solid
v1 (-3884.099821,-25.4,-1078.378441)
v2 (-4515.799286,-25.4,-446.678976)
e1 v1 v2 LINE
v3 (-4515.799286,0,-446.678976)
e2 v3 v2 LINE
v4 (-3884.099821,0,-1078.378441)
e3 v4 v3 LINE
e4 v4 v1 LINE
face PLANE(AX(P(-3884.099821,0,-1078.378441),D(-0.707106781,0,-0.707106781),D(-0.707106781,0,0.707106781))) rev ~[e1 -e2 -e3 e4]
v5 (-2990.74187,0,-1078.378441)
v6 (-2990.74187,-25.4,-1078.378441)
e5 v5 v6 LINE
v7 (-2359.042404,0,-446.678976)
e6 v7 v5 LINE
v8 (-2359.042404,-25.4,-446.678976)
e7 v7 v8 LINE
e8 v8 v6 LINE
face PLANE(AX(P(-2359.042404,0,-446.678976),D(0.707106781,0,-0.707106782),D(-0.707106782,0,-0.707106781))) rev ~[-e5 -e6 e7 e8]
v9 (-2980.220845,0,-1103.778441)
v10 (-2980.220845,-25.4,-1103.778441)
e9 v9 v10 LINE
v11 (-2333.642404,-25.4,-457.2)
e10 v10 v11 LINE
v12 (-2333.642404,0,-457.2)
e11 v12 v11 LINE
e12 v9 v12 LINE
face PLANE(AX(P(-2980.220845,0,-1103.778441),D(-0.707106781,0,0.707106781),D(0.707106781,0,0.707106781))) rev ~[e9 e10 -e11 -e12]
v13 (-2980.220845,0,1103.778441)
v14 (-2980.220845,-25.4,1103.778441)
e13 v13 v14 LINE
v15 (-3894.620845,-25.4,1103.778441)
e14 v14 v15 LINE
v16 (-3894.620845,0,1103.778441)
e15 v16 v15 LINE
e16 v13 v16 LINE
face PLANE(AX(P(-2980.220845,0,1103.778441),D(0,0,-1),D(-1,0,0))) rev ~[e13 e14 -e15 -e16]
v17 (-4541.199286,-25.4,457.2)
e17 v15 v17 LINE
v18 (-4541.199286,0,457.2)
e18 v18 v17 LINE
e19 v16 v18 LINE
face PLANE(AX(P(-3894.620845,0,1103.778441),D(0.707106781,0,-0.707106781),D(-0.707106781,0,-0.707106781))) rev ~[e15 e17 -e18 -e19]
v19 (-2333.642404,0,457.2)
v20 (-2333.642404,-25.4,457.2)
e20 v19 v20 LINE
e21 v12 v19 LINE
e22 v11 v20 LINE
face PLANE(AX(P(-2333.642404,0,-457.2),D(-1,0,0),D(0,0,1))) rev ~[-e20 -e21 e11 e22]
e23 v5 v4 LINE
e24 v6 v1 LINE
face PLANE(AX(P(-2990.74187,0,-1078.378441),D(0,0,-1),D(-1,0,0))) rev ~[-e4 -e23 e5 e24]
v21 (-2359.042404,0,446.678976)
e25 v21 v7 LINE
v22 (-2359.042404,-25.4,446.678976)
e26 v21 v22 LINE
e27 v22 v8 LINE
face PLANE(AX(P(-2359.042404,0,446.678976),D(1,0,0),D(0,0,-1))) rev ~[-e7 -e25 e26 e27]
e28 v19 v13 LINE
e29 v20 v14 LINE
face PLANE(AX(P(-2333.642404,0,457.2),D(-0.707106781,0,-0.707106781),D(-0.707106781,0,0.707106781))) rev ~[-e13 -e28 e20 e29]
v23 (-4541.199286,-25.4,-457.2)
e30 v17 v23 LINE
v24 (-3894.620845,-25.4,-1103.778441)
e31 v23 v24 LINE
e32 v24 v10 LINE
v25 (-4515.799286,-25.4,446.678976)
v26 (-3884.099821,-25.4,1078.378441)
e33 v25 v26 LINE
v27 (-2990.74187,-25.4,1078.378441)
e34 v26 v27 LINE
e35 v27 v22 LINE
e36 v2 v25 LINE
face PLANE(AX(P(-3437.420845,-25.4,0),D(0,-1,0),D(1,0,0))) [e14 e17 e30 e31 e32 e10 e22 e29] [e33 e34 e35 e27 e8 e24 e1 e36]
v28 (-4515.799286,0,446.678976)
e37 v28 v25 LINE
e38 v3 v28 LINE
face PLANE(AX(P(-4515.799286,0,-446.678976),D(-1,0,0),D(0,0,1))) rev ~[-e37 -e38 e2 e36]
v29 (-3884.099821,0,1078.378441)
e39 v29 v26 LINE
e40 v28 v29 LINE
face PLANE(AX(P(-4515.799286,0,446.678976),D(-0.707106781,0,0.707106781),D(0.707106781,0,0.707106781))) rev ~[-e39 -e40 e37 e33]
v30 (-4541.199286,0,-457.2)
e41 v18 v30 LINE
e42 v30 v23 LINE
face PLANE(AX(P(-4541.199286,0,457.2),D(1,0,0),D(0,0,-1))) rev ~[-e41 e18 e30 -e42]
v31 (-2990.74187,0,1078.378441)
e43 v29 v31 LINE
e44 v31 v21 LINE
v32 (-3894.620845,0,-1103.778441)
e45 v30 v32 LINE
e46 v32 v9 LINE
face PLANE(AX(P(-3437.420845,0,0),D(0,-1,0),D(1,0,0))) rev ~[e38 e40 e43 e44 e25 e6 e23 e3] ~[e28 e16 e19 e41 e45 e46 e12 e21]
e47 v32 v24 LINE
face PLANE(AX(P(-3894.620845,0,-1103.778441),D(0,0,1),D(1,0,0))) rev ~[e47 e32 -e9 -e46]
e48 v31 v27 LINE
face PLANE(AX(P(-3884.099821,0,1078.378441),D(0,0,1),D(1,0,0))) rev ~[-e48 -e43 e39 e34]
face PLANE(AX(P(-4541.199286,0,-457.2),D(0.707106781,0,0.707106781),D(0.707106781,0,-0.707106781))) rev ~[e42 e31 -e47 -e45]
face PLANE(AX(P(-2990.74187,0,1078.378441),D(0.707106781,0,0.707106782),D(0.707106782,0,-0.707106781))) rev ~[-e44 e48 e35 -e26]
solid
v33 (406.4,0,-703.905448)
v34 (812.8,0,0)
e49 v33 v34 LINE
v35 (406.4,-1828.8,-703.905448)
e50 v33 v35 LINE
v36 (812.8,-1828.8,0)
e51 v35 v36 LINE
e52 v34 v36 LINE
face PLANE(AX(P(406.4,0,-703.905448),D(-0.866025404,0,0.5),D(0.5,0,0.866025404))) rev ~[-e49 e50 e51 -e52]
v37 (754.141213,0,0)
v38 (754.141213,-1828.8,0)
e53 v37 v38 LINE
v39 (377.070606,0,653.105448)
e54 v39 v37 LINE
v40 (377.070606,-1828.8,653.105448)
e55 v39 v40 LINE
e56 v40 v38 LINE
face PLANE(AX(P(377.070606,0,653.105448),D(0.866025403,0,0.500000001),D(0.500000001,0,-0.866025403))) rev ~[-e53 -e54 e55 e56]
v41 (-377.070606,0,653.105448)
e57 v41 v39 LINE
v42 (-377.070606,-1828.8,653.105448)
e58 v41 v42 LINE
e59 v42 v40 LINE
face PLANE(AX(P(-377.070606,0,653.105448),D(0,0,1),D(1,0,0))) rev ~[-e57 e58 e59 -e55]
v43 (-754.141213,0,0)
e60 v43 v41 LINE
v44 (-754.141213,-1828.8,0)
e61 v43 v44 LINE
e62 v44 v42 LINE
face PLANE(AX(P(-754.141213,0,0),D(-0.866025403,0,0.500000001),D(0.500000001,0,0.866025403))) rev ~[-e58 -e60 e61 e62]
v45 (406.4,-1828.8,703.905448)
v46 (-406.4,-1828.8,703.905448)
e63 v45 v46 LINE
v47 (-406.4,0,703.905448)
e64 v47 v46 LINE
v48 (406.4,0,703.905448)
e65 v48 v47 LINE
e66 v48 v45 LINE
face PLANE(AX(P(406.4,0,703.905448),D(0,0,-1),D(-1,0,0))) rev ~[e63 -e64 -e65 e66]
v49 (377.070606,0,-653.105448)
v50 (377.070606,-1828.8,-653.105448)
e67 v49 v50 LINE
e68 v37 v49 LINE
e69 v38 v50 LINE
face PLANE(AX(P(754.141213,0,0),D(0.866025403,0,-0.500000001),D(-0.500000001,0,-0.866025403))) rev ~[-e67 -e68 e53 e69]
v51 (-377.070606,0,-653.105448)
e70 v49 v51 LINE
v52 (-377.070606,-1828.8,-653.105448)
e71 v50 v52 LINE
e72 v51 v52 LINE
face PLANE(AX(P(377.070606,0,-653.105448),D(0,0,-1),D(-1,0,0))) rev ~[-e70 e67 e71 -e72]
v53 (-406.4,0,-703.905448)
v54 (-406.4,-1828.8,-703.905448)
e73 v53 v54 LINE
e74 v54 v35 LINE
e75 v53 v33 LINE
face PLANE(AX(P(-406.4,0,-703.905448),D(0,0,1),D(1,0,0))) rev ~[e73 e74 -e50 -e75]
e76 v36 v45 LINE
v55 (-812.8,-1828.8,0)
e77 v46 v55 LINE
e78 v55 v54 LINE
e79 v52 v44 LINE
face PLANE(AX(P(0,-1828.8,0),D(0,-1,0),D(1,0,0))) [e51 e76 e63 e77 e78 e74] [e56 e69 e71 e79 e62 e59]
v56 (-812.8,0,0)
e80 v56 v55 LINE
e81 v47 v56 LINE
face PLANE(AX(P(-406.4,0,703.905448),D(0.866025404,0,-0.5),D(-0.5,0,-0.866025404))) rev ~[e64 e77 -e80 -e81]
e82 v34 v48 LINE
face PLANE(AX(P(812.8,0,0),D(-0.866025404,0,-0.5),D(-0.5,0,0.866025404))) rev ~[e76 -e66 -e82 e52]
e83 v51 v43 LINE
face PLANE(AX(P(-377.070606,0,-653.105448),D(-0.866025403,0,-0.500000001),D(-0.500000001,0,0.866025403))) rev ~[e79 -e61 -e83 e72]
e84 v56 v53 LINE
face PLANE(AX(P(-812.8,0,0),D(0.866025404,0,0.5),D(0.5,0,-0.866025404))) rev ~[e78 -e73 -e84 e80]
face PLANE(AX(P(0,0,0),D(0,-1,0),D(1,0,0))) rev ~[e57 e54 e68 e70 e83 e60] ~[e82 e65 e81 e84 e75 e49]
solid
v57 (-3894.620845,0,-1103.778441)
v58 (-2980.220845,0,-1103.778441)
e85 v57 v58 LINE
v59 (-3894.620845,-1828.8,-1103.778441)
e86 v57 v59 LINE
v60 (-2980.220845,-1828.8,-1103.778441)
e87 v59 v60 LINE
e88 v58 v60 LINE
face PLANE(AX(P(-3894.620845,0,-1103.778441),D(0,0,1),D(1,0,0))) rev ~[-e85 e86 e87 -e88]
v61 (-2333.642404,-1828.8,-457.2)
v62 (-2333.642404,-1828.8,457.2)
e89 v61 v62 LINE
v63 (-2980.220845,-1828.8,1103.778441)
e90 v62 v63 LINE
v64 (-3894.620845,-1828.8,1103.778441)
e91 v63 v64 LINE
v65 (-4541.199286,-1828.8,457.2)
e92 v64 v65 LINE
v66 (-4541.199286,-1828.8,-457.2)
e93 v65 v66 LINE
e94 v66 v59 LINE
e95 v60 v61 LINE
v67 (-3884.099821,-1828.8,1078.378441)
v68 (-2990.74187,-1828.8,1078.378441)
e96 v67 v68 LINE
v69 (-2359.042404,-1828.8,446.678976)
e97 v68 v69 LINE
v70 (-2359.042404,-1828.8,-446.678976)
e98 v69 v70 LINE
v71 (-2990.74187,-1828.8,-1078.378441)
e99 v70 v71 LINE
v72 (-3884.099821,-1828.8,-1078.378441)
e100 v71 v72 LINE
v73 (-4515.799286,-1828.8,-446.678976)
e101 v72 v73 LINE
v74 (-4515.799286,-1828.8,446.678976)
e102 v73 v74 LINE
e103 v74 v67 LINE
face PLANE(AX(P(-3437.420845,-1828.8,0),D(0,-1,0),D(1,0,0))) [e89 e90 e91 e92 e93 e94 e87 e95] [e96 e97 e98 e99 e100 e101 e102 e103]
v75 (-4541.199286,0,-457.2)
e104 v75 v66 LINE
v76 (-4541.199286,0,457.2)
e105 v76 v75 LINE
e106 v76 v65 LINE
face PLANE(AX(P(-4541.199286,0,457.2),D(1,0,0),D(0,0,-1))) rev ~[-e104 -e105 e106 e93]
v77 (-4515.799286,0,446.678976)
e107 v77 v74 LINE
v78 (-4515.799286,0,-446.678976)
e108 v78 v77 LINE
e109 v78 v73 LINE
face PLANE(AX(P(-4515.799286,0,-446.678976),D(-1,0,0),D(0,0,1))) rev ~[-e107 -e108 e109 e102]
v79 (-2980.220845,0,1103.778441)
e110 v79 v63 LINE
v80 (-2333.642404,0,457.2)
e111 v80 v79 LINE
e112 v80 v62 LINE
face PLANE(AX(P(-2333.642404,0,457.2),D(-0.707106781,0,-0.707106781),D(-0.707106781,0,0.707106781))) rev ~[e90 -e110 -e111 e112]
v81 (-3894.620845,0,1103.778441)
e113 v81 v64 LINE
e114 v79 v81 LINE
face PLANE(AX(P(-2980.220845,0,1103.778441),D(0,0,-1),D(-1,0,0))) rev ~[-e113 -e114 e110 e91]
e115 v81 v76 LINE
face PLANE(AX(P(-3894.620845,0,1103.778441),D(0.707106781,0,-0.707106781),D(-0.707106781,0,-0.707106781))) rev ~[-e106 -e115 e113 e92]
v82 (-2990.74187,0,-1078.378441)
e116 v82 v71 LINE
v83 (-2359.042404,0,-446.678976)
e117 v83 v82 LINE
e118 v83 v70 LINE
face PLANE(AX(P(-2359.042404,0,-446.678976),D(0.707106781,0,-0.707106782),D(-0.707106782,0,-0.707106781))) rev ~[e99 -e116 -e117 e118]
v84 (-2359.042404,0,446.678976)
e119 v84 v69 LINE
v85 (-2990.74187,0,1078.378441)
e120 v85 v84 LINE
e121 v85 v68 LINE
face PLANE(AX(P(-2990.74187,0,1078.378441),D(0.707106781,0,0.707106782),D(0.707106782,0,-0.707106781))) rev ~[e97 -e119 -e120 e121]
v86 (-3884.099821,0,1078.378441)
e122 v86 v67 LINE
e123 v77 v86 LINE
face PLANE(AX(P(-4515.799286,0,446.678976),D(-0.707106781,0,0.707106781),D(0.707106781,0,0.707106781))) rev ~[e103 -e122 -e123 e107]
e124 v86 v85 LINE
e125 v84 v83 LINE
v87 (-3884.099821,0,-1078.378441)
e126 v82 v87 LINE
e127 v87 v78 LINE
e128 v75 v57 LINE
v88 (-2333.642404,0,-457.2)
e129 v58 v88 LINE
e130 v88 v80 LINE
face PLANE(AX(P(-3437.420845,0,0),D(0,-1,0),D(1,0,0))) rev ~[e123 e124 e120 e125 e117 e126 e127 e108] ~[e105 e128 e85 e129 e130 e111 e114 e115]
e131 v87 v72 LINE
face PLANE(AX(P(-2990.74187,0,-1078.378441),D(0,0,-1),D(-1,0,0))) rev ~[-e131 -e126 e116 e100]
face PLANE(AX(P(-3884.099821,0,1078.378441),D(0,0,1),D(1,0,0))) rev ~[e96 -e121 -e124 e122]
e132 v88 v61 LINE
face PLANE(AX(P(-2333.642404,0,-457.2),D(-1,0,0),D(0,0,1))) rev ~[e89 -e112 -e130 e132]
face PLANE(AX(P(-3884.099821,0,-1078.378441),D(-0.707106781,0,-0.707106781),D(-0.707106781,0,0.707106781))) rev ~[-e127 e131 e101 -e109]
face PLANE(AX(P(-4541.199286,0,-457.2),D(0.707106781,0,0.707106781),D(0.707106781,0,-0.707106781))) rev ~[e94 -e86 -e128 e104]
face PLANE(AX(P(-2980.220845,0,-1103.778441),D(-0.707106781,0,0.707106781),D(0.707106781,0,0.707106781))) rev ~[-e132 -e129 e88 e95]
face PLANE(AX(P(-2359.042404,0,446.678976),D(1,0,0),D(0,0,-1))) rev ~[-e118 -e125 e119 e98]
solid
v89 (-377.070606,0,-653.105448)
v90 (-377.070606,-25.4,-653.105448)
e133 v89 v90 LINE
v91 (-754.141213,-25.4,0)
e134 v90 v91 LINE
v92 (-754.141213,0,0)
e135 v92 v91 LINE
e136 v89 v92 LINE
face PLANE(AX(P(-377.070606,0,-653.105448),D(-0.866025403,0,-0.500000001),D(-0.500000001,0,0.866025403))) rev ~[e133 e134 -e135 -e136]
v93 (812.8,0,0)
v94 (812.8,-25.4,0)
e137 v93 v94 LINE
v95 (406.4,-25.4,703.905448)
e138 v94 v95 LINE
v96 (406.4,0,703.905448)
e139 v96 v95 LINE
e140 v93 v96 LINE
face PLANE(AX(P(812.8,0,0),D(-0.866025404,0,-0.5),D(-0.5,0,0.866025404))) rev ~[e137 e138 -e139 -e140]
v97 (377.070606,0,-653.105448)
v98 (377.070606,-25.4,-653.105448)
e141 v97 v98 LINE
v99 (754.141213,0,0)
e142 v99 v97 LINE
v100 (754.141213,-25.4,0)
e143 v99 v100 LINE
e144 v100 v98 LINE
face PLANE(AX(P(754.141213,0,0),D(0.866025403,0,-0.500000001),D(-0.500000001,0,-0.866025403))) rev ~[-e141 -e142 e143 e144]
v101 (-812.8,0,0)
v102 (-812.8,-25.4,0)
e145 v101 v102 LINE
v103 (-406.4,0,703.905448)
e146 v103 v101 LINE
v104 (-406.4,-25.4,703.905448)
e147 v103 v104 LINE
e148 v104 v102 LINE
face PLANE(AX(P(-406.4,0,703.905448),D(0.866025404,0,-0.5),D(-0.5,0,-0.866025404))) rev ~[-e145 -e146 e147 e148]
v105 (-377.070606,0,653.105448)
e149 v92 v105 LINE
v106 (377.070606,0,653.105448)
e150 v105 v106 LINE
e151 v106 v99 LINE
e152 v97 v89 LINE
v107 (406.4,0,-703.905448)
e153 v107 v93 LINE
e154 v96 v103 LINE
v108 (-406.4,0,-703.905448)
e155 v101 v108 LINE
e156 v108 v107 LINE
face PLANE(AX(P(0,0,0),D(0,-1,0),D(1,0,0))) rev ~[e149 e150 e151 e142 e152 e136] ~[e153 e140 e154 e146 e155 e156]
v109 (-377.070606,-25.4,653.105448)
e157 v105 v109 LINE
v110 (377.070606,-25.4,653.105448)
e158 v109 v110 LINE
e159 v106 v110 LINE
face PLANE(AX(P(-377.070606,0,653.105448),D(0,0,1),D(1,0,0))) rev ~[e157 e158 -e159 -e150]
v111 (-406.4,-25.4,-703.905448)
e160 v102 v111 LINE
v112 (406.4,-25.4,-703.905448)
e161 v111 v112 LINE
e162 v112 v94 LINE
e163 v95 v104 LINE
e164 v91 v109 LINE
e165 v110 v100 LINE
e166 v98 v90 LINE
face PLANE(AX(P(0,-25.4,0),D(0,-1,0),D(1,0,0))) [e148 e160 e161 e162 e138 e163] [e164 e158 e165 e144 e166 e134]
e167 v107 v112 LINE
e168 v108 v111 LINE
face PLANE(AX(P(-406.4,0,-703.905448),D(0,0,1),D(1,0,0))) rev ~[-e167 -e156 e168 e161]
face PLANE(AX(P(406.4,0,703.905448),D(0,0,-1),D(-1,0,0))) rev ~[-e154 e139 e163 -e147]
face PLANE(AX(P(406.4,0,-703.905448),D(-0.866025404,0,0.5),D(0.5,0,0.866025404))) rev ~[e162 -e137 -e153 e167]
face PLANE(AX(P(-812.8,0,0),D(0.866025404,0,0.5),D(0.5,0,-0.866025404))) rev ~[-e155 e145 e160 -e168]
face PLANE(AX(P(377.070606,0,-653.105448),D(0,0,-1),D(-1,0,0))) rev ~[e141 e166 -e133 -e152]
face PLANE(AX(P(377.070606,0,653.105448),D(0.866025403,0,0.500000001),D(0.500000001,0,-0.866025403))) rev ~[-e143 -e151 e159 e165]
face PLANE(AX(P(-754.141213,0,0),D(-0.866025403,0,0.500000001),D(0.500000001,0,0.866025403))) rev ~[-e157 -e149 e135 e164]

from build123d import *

# Parameters (mm, degrees)
F1_DEPTH = 1828.8
F2_DEPTH = 25.4


with BuildPart() as f1:
    # F0 (on Front) → F1 (new body)
    with BuildSketch(Plane.XZ):
        Polygon((406.4, -703.905448), (812.8, 0), (406.4, 703.905448), (-406.4, 703.905448), (-812.8, 0), (-406.4, -703.905448), align=None)
        Polygon((-377.070606, -653.105448), (-754.141213, 0), (-377.070606, 653.105448), (377.070606, 653.105448), (754.141213, 0), (377.070606, -653.105448), align=None, mode=Mode.SUBTRACT)
        Polygon((-3894.620845, -1103.778441), (-2980.220845, -1103.778441), (-2333.642404, -457.2), (-2333.642404, 457.2), (-2980.220845, 1103.778441), (-3894.620845, 1103.778441), (-4541.199286, 457.2), (-4541.199286, -457.2), align=None)
        Polygon((-4515.799286, -446.678976), (-4515.799286, 446.678976), (-3884.099821, 1078.378441), (-2990.74187, 1078.378441), (-2359.042404, 446.678976), (-2359.042404, -446.678976), (-2990.74187, -1078.378441), (-3884.099821, -1078.378441), align=None, mode=Mode.SUBTRACT)
    extrude(amount=F1_DEPTH)


with BuildPart() as f2:
    # F0 (on Front) → F2 (new body)
    with BuildSketch(Plane.XZ):
        Polygon((406.4, -703.905448), (812.8, 0), (406.4, 703.905448), (-406.4, 703.905448), (-812.8, 0), (-406.4, -703.905448), align=None)
        Polygon((-377.070606, -653.105448), (-754.141213, 0), (-377.070606, 653.105448), (377.070606, 653.105448), (754.141213, 0), (377.070606, -653.105448), align=None, mode=Mode.SUBTRACT)
        Polygon((-3894.620845, -1103.778441), (-2980.220845, -1103.778441), (-2333.642404, -457.2), (-2333.642404, 457.2), (-2980.220845, 1103.778441), (-3894.620845, 1103.778441), (-4541.199286, 457.2), (-4541.199286, -457.2), align=None)
        Polygon((-4515.799286, -446.678976), (-4515.799286, 446.678976), (-3884.099821, 1078.378441), (-2990.74187, 1078.378441), (-2359.042404, 446.678976), (-2359.042404, -446.678976), (-2990.74187, -1078.378441), (-3884.099821, -1078.378441), align=None, mode=Mode.SUBTRACT)
    extrude(amount=F2_DEPTH)


solid = Compound([f1.part, f2.part])
